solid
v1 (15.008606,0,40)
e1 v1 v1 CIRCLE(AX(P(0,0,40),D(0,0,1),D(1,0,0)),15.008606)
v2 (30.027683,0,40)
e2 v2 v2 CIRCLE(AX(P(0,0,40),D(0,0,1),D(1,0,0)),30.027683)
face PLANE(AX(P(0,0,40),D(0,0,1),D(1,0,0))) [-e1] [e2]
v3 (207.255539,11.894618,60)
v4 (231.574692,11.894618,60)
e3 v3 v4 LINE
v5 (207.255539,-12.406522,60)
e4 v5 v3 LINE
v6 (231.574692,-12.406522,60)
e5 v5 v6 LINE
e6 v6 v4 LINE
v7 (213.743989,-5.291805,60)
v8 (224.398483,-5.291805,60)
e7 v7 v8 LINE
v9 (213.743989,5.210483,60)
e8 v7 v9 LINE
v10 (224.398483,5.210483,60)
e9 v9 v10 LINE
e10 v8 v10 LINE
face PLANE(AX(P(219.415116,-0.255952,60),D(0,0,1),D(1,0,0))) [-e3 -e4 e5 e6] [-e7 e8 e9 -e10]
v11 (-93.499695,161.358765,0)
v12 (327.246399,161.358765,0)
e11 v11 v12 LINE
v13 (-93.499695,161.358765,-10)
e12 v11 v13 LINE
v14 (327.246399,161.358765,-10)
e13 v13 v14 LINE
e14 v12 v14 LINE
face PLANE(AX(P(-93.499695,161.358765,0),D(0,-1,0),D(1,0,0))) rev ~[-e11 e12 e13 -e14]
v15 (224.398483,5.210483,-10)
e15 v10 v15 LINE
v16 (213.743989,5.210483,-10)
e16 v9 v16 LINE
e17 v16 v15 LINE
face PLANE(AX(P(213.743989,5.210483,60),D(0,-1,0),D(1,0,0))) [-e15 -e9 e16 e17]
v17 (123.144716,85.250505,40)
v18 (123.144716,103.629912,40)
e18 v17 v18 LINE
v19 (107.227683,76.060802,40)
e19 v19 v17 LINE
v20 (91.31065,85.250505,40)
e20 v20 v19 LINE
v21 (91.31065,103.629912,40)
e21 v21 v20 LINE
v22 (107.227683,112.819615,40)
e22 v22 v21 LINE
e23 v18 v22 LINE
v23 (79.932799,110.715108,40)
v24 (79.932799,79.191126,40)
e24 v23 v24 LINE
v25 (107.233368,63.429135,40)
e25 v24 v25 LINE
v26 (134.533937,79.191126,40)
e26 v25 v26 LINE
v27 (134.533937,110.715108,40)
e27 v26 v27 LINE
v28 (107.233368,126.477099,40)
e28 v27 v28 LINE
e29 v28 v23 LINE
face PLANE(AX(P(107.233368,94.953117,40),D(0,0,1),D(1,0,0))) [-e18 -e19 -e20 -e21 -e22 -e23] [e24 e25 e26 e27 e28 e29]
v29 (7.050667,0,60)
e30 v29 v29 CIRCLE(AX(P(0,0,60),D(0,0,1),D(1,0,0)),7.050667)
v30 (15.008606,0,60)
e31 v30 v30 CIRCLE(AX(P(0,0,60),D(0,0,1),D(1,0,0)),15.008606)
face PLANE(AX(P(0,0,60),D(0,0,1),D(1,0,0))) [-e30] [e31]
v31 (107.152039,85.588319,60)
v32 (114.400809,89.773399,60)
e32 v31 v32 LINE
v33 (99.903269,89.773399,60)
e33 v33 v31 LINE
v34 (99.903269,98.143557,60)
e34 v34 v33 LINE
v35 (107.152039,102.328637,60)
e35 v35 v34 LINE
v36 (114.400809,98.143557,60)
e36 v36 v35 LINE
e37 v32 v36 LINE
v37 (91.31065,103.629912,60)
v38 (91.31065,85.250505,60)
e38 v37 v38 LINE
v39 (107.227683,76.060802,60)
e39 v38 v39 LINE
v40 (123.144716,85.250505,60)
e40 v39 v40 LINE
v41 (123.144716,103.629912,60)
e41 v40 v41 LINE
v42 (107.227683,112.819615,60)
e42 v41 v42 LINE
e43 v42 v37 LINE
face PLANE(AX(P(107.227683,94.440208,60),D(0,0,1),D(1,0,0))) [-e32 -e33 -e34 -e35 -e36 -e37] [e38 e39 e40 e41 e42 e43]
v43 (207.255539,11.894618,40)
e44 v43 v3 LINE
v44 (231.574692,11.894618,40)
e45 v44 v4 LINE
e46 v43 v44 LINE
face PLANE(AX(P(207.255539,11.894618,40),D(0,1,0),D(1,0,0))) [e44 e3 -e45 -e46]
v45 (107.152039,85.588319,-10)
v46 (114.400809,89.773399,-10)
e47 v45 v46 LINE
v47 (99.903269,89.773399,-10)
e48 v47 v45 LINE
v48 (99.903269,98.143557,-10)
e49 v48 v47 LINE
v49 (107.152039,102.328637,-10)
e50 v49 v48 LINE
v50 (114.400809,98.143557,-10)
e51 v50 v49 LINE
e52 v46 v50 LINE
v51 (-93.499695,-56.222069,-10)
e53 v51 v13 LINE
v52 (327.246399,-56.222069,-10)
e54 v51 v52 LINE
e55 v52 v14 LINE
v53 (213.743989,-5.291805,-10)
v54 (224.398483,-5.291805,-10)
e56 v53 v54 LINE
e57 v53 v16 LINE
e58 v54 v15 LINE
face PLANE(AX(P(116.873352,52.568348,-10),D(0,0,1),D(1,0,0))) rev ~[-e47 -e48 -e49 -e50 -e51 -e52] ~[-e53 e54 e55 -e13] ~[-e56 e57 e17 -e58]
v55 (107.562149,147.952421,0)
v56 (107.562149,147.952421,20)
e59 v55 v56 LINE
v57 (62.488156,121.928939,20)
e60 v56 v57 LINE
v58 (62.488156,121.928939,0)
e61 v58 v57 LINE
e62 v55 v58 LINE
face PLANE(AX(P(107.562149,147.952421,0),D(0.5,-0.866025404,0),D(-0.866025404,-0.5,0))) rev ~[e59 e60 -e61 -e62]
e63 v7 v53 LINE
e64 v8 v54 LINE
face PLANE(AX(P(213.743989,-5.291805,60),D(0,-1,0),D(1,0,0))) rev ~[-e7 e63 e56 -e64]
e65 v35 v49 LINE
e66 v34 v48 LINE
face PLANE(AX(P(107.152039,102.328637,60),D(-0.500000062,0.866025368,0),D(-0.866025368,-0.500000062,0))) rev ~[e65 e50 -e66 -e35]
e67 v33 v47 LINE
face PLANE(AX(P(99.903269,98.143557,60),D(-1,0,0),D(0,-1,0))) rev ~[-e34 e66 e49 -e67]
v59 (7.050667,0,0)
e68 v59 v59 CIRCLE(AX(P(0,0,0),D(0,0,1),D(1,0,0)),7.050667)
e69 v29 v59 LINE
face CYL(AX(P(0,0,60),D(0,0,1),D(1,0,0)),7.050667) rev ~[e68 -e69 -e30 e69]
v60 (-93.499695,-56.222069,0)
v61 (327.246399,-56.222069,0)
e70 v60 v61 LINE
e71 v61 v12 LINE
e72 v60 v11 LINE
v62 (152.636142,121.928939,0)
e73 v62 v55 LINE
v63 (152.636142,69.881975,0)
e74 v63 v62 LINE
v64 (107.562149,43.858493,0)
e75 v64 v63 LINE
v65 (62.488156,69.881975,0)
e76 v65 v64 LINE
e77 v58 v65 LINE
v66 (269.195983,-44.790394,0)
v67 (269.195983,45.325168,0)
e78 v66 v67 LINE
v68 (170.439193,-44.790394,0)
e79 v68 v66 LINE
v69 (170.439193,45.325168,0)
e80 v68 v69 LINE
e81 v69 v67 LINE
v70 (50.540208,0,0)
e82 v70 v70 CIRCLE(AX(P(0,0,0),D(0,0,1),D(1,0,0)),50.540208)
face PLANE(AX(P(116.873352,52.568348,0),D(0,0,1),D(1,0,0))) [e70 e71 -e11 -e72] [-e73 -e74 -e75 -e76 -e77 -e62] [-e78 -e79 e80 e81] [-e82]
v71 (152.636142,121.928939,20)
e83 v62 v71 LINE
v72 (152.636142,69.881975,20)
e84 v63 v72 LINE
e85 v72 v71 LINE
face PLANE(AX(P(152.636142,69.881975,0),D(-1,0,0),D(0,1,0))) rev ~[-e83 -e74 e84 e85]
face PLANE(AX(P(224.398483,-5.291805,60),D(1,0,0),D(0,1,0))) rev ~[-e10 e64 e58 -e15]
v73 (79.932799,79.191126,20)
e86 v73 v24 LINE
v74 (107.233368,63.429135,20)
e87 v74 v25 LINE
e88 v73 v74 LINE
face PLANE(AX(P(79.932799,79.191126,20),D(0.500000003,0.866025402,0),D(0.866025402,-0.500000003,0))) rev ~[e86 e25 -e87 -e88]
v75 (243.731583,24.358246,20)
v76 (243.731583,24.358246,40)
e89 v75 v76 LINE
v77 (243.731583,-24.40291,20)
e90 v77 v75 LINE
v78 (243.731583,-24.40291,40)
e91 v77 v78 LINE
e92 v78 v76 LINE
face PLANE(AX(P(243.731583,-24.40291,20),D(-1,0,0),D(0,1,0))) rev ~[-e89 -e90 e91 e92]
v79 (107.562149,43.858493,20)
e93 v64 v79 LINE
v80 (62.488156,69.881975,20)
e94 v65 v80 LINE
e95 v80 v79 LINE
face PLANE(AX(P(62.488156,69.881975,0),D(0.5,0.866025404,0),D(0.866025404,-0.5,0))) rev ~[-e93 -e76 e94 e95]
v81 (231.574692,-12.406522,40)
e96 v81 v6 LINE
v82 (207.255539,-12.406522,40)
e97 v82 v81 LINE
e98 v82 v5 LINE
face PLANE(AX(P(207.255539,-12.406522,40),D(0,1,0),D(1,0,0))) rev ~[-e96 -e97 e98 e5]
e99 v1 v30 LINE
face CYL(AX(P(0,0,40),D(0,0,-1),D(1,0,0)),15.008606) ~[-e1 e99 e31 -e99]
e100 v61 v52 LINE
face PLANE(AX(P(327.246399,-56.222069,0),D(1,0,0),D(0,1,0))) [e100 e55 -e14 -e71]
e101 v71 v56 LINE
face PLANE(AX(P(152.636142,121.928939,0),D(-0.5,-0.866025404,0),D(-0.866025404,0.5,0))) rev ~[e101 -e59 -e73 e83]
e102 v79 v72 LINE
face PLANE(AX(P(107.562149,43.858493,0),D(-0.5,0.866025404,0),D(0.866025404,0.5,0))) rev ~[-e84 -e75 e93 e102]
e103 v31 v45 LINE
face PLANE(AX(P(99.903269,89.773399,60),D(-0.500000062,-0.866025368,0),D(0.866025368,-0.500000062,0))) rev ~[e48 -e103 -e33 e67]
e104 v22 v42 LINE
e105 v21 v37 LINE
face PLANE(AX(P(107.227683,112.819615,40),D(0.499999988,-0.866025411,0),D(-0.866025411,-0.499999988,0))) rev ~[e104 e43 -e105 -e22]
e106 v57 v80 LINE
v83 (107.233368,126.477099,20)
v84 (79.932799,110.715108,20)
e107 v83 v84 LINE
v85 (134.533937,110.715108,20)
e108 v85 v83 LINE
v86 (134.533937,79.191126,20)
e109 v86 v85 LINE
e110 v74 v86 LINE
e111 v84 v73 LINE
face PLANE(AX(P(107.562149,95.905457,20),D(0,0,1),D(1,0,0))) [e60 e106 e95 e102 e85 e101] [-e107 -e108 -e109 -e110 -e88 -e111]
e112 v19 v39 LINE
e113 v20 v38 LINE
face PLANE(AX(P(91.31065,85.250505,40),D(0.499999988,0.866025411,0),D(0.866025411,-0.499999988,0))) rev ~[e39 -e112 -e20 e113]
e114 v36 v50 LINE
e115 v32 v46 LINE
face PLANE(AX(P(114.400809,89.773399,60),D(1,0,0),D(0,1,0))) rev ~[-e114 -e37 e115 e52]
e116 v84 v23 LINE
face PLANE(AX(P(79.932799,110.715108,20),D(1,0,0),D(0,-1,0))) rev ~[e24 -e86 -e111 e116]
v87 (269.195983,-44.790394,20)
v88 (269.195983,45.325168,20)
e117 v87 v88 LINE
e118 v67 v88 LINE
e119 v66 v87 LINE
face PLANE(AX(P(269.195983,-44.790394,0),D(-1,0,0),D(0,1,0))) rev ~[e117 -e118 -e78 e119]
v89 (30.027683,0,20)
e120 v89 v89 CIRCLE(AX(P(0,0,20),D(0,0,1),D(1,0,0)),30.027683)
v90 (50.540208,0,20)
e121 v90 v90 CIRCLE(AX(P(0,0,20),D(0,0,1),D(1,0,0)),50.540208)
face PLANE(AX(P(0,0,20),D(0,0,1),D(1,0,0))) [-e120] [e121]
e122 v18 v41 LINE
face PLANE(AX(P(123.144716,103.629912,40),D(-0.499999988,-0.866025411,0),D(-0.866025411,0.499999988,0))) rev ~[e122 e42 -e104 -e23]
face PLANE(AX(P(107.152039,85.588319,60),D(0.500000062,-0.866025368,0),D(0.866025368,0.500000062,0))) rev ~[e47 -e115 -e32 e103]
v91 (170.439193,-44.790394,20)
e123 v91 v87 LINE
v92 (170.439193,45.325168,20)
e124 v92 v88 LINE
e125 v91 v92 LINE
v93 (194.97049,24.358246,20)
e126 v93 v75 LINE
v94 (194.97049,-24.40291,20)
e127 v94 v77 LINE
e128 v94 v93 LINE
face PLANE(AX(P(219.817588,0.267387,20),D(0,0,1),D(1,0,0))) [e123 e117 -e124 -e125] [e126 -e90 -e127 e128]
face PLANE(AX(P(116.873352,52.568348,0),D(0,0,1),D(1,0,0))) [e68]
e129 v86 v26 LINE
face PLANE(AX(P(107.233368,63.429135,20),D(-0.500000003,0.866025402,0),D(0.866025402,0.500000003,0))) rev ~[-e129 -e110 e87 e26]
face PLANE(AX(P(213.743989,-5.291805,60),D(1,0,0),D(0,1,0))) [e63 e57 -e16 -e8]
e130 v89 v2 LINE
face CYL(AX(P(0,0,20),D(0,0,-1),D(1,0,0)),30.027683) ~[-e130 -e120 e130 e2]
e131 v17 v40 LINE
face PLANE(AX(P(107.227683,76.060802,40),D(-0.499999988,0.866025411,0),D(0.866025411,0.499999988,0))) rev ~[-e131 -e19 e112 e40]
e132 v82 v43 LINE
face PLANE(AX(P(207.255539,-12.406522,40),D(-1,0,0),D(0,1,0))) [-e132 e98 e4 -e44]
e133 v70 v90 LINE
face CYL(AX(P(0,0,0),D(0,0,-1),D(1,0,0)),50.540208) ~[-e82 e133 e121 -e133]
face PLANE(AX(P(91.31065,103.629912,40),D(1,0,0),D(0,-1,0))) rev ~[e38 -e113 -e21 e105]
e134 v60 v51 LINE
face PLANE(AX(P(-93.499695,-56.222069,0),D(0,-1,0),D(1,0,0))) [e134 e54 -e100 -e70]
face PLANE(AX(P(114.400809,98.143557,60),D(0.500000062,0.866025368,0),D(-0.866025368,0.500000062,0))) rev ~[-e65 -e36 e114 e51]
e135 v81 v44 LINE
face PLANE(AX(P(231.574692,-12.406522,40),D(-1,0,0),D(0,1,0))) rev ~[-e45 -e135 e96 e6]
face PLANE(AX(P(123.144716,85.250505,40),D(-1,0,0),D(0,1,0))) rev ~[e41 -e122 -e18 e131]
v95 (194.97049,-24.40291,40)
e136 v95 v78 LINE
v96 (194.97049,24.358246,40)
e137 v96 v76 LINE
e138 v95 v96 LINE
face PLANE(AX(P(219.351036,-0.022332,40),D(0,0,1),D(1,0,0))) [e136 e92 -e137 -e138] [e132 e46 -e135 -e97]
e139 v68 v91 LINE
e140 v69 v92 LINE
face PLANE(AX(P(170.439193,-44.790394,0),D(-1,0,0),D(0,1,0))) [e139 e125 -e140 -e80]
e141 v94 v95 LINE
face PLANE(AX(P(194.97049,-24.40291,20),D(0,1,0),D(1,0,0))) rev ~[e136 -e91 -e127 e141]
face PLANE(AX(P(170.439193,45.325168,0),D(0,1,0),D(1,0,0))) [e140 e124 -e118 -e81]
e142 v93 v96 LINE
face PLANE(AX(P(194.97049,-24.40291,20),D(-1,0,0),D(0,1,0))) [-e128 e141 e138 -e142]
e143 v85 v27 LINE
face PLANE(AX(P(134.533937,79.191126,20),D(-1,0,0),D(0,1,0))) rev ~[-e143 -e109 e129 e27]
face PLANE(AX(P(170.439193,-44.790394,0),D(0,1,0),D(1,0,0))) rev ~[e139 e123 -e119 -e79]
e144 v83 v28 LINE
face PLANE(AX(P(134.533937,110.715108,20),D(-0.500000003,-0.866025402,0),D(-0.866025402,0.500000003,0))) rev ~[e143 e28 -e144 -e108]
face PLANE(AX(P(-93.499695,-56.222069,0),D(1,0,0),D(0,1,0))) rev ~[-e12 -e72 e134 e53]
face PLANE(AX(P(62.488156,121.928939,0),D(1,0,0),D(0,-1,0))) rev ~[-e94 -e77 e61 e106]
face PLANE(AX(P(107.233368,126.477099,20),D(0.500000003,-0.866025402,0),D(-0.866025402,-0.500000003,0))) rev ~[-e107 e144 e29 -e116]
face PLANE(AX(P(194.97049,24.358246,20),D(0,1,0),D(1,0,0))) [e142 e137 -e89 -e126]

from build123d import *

# Parameters (mm, degrees)
SKETCH_R        = 50.540208
PAD_DEPTH       = 20
SKETCH001_R     = 30.027683
PAD001_DEPTH    = 20
SKETCH002_R     = 15.008606
PAD002_DEPTH    = 20
SKETCH003_R     = 7.050667
POCKET_DEPTH    = 60.001
SKETCH004_W     = 420.746094
SKETCH004_H     = 217.580834
PAD003_DEPTH    = 10
SKETCH005_W     = 98.75679
SKETCH005_H     = 90.115562
PAD004_DEPTH    = 20
SKETCH006_W     = 48.761093
SKETCH006_H     = 48.761156
PAD005_DEPTH    = 20
SKETCH007_W     = 24.319153
SKETCH007_H     = 24.30114
PAD006_DEPTH    = 20
SKETCH008_W     = 10.654495
SKETCH008_H     = 10.502288
POCKET001_DEPTH = 70.001
PAD007_DEPTH    = 20
PAD008_DEPTH    = 20
PAD009_DEPTH    = 20
POCKET002_DEPTH = 70.001


with BuildPart() as part:
    # Sketch → Pad (new body)
    with BuildSketch(Plane.XY):
        Circle(SKETCH_R)
    extrude(amount=PAD_DEPTH)

    # Sketch001 (on Face3 of Pad) → Pad001 (join)
    with BuildSketch(Plane.XY.offset(20)):
        Circle(SKETCH001_R)
    extrude(amount=PAD001_DEPTH)

    # Sketch002 (on Face5 of Pad001) → Pad002 (join)
    with BuildSketch(Plane.XY.offset(40)):
        Circle(SKETCH002_R)
    extrude(amount=PAD002_DEPTH)

    # Sketch003 (on Face7 of Pad002) → Pocket (cut, through all)
    with BuildSketch(Plane.XY.offset(60)):
        Circle(SKETCH003_R)
    extrude(amount=-POCKET_DEPTH, mode=Mode.SUBTRACT)

    # Sketch004 → Pad003 (join)
    with BuildSketch(Plane.XY):
        with Locations((116.873352, 52.568348)):
            Rectangle(SKETCH004_W, SKETCH004_H)
    extrude(amount=-PAD003_DEPTH)

    # Sketch005 (on Face4 of Pad003) → Pad004 (join)
    with BuildSketch(Plane.XY):
        with Locations((219.817588, 0.267387)):
            Rectangle(SKETCH005_W, SKETCH005_H)
    extrude(amount=PAD004_DEPTH)

    # Sketch006 (on Face13 of Pad004) → Pad005 (join)
    with BuildSketch(Plane.XY.offset(20)):
        with Locations((219.351036, -0.022332)):
            Rectangle(SKETCH006_W, SKETCH006_H)
    extrude(amount=PAD005_DEPTH)

    # Sketch007 (on Face20 of Pad005) → Pad006 (join)
    with BuildSketch(Plane.XY.offset(40)):
        with Locations((219.415116, -0.255952)):
            Rectangle(SKETCH007_W, SKETCH007_H)
    extrude(amount=PAD006_DEPTH)

    # Sketch008 (on Face27 of Pad006) → Pocket001 (cut, through all)
    with BuildSketch(Plane.XY.offset(60)):
        with Locations((219.071236, -0.040661)):
            Rectangle(SKETCH008_W, SKETCH008_H)
    extrude(amount=-POCKET001_DEPTH, mode=Mode.SUBTRACT)

    # Sketch009 (on Face4 of Pocket001) → Pad007 (join)
    with BuildSketch(Plane.XY):
        Polygon((152.636142, 69.881975), (152.636142, 121.928939), (107.562149, 147.952421), (62.488156, 121.928939), (62.488156, 69.881975), (107.562149, 43.858493), align=None)
    extrude(amount=PAD007_DEPTH)

    # Sketch010 (on Face24 of Pad007) → Pad008 (join)
    with BuildSketch(Plane.XY.offset(20)):
        Polygon((107.233368, 63.429135), (134.533937, 79.191126), (134.533937, 110.715108), (107.233368, 126.477099), (79.932799, 110.715108), (79.932799, 79.191126), align=None)
    extrude(amount=PAD008_DEPTH)

    # Sketch011 (on Face43 of Pad008) → Pad009 (join)
    with BuildSketch(Plane.XY.offset(40)):
        Polygon((107.227683, 76.060802), (123.144716, 85.250505), (123.144716, 103.629912), (107.227683, 112.819615), (91.31065, 103.629912), (91.31065, 85.250505), align=None)
    extrude(amount=PAD009_DEPTH)

    # Sketch012 (on Face52 of Pad009) → Pocket002 (cut, through all)
    with BuildSketch(Plane.XY.offset(60)):
        Polygon((107.152039, 85.588319), (114.400809, 89.773399), (114.400809, 98.143557), (107.152039, 102.328637), (99.903269, 98.143557), (99.903269, 89.773399), align=None)
    extrude(amount=-POCKET002_DEPTH, mode=Mode.SUBTRACT)


solid = part.part
